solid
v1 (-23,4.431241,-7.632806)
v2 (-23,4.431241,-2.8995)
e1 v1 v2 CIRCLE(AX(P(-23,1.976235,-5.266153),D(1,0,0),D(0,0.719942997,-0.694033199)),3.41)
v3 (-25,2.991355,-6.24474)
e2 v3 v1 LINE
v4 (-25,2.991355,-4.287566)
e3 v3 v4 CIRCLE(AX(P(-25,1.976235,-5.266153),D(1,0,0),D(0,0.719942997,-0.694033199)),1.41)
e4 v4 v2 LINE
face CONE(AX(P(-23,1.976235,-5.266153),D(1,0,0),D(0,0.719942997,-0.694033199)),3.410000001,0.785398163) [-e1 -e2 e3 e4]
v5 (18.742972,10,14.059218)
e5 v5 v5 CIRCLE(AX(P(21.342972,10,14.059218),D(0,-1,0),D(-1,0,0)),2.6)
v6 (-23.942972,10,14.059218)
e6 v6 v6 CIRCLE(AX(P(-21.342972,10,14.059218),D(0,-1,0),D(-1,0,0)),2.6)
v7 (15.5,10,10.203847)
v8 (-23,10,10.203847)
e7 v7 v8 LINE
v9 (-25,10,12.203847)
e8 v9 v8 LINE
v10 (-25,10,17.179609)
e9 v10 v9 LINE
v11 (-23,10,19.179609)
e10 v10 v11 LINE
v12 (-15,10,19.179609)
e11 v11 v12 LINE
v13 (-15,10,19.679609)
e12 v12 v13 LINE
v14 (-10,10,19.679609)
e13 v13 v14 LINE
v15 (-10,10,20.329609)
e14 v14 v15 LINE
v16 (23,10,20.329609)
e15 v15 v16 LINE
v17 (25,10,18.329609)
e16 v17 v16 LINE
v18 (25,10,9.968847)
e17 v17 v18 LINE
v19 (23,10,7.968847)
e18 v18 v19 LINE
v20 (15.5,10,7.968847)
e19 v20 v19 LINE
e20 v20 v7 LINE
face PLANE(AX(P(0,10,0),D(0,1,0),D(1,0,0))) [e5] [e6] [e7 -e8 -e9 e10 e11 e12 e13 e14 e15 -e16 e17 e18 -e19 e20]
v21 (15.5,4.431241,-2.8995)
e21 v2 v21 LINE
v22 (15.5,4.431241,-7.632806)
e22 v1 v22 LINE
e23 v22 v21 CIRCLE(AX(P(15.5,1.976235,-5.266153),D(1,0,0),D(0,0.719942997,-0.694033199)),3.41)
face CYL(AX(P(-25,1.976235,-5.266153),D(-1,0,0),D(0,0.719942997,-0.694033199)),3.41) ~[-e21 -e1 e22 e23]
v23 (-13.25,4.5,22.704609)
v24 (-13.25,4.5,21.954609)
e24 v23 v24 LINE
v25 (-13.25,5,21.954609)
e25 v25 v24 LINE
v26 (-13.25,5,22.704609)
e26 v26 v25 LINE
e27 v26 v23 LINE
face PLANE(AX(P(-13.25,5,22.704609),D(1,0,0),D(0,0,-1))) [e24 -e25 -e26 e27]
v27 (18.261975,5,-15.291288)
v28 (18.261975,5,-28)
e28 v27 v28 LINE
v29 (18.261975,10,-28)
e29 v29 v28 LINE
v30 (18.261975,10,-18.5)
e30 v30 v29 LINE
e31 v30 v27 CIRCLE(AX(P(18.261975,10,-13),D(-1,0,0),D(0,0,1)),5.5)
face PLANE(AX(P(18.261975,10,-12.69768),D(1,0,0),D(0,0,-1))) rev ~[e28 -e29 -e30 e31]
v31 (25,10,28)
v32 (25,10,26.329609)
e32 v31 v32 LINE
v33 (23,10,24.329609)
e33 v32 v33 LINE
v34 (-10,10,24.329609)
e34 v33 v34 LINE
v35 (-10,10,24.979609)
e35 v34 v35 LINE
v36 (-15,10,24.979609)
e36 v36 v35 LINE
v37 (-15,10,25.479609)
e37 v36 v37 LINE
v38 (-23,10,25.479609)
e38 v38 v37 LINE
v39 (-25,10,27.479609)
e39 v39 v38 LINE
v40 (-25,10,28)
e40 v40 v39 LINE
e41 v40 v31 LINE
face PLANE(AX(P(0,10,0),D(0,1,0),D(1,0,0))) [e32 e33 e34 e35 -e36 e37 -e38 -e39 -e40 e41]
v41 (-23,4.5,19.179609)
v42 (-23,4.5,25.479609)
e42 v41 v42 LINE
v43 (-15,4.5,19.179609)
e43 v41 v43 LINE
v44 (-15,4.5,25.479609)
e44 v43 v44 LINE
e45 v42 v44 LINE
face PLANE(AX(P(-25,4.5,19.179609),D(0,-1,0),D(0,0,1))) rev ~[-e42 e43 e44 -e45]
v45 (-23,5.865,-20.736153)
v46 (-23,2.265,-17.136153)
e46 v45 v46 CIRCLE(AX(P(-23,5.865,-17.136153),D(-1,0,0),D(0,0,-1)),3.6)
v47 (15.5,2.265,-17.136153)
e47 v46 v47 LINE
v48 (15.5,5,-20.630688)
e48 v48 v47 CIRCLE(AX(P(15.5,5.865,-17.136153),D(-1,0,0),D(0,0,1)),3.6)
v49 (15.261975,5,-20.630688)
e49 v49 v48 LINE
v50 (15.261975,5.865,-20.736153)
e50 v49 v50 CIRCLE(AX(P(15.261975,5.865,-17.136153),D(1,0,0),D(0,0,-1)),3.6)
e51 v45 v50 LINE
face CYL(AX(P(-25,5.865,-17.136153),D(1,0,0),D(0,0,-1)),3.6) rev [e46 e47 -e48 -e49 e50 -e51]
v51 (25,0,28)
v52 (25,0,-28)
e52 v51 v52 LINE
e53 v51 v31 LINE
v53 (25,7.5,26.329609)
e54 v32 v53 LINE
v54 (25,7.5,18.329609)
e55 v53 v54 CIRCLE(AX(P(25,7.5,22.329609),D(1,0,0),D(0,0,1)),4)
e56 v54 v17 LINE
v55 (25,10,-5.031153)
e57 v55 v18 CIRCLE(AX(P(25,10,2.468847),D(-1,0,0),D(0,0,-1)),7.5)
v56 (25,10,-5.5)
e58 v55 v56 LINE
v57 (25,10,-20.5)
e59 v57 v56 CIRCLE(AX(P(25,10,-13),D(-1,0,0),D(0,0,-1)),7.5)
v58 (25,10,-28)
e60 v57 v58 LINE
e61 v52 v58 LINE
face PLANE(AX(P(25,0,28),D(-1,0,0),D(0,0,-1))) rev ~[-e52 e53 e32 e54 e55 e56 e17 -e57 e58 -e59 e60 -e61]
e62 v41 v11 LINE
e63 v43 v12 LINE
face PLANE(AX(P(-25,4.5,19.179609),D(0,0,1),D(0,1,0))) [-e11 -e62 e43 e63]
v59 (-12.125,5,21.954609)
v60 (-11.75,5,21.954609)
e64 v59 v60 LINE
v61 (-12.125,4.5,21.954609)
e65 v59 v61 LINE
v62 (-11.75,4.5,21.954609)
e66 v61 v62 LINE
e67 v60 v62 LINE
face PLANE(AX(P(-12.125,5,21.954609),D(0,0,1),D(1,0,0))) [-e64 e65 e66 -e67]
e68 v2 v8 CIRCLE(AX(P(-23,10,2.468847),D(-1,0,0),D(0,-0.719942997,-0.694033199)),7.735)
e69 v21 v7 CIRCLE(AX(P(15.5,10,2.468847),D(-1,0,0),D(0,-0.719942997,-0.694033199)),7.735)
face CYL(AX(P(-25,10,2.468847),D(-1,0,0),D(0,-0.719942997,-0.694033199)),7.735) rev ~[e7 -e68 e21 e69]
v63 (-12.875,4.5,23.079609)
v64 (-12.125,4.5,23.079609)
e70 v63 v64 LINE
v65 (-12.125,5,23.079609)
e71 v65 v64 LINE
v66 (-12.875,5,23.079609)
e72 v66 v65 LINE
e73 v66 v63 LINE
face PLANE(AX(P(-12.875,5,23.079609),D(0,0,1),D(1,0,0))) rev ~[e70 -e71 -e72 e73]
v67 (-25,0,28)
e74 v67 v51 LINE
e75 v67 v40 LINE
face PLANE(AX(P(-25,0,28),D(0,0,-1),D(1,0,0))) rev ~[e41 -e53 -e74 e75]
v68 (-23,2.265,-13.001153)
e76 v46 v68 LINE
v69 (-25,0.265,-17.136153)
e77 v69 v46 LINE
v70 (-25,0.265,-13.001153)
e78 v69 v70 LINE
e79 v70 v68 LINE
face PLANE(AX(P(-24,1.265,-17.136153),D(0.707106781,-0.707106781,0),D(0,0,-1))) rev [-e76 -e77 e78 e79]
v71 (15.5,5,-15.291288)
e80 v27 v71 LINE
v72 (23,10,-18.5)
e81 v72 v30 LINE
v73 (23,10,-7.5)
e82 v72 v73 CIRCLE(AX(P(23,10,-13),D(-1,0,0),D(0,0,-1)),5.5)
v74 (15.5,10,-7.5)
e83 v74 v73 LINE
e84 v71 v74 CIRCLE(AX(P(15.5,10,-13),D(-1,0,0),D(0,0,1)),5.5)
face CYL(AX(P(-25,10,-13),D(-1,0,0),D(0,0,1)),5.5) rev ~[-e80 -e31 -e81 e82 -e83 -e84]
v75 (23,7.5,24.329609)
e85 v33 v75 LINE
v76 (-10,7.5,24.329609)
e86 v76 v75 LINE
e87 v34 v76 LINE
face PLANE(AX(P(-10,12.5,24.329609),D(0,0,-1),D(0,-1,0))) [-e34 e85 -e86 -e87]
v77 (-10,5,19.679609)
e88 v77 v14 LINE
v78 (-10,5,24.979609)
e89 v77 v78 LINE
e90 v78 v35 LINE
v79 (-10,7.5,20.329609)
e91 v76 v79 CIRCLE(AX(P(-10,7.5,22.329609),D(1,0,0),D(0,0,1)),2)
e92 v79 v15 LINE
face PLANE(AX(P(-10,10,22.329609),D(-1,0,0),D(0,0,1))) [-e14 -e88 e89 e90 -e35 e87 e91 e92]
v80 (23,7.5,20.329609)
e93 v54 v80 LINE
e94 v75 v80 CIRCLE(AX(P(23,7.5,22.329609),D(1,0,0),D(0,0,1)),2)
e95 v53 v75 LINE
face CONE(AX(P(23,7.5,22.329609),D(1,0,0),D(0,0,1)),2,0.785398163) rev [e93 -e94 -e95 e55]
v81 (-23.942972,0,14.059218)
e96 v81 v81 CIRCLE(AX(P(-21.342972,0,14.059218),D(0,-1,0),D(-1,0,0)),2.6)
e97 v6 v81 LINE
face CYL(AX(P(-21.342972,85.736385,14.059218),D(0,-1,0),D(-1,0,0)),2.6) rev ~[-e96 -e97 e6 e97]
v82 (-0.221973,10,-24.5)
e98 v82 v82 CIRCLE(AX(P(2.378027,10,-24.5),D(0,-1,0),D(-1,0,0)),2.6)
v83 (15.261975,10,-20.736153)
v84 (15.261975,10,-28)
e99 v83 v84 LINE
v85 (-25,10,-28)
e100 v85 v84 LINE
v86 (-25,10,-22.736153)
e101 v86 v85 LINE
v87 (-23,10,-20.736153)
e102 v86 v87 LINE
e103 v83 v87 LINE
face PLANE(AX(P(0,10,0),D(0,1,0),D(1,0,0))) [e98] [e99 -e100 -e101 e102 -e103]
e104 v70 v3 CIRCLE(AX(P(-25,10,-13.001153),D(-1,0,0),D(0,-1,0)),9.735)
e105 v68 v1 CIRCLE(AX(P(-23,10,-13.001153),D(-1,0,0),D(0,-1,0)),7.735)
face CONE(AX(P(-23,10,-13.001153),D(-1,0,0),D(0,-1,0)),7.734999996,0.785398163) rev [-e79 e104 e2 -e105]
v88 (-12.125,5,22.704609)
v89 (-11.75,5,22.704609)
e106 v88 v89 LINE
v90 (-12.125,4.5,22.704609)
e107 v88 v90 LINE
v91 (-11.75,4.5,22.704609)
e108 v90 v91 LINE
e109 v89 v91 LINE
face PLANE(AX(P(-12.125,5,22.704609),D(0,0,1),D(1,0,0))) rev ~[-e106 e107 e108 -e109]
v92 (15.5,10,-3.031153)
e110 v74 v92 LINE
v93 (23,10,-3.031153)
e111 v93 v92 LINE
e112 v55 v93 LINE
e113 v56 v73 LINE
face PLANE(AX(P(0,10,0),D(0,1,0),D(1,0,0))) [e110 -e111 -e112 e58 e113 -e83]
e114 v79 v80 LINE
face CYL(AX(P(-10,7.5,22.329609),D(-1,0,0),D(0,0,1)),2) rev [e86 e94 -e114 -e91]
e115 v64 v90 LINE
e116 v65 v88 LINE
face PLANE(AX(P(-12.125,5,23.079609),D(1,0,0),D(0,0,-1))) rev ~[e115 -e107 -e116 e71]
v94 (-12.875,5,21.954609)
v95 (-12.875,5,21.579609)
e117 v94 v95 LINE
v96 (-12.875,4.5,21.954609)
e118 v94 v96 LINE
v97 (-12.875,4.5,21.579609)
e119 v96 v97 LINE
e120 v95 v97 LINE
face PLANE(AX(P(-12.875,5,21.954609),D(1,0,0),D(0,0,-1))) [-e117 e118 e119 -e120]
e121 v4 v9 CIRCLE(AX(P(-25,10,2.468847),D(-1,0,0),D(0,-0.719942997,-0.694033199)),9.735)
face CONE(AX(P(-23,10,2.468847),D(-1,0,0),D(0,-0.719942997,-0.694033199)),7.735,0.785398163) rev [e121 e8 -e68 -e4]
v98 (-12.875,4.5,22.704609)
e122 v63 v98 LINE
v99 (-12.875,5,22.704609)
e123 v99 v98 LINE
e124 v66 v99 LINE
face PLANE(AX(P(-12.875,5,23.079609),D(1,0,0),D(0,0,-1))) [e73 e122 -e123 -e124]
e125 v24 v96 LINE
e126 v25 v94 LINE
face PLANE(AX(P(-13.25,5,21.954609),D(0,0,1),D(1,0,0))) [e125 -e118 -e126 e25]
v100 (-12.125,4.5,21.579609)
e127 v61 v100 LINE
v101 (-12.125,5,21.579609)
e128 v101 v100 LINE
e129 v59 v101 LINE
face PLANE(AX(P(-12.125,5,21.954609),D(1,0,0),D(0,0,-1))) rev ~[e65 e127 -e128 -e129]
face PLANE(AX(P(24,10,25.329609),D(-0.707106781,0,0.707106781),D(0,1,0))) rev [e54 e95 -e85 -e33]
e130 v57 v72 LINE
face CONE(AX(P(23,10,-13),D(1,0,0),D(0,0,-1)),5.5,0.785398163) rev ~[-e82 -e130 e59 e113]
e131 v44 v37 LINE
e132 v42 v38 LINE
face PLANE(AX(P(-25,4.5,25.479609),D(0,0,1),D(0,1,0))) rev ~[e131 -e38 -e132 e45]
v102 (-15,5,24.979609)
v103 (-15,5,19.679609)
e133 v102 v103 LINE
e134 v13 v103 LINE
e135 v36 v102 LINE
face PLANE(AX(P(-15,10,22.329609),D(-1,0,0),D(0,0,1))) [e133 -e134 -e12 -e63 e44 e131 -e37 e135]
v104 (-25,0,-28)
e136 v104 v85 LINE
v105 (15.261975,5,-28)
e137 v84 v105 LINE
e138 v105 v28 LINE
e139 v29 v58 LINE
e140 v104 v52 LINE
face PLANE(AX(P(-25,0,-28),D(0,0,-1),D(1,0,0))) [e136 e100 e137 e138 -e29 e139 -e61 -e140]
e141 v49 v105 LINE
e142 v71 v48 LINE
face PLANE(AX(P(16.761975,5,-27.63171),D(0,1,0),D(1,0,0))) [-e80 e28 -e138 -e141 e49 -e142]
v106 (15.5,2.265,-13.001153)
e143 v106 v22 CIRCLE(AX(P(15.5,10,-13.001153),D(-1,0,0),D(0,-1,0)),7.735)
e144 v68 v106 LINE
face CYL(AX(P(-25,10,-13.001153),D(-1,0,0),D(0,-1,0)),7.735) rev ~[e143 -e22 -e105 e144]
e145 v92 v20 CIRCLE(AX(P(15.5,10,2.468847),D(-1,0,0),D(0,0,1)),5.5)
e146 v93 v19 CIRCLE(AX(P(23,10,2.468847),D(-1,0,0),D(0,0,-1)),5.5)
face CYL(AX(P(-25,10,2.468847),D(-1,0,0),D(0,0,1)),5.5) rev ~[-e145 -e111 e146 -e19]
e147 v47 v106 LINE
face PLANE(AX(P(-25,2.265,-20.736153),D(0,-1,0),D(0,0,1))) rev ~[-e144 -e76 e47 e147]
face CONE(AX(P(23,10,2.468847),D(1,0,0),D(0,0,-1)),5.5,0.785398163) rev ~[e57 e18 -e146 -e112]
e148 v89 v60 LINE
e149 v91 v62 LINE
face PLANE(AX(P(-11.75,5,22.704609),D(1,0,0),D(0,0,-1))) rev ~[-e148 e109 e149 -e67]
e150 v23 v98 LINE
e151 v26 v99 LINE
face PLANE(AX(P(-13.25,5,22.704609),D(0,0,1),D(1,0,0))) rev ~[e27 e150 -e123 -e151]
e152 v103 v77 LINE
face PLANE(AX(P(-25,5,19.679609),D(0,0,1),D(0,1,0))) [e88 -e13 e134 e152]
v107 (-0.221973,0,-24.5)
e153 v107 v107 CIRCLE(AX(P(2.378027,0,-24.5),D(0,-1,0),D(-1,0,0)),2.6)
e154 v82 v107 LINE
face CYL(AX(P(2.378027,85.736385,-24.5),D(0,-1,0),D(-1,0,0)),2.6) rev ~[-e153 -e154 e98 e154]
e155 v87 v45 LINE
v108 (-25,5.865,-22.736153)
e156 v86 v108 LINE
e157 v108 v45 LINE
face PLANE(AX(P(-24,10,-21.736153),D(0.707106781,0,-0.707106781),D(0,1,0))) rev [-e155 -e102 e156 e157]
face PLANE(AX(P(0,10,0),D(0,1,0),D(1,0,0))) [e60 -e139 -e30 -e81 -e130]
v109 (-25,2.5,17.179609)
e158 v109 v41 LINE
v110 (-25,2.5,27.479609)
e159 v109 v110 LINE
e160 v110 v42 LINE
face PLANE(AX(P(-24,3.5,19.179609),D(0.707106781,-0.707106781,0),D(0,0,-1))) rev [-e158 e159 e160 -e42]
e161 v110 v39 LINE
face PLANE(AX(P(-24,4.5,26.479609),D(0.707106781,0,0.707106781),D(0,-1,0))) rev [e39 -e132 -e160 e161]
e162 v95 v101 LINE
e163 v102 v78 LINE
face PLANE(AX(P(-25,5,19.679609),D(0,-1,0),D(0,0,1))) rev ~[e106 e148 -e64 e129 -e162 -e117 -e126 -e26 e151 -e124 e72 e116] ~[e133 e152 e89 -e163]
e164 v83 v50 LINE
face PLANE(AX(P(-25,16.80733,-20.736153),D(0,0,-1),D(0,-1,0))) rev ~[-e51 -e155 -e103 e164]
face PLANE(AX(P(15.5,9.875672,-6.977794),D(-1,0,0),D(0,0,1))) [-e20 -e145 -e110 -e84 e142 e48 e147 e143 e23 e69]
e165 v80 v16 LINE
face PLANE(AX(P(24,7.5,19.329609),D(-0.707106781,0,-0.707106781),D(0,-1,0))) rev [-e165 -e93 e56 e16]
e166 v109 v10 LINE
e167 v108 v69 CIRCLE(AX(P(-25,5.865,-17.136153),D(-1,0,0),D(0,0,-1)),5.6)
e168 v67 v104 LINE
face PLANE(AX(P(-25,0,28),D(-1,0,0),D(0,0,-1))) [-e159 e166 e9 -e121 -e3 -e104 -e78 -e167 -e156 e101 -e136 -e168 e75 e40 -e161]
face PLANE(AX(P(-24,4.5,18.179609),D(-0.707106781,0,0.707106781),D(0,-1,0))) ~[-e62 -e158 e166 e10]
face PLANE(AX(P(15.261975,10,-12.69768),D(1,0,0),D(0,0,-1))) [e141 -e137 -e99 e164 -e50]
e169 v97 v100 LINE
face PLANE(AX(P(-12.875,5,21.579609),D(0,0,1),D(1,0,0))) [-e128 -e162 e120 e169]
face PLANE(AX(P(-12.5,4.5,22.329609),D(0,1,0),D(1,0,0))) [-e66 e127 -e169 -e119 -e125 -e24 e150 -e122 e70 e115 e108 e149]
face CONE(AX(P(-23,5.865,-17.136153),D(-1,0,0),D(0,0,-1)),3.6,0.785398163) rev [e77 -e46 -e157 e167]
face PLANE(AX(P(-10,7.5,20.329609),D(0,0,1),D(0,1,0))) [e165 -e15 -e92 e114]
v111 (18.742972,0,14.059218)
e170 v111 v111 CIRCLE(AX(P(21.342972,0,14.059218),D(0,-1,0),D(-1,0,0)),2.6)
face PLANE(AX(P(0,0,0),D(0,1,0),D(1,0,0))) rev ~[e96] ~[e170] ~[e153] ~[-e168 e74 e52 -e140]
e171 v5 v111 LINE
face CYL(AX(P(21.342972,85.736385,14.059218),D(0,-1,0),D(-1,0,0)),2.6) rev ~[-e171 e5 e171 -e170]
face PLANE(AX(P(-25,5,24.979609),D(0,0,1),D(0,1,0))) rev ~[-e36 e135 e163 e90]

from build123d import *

# Parameters (mm, degrees)
SKETCH1_W                  = 50
SKETCH1_H                  = 56
BOSS_EXTRUDE1_DEPTH        = 10
SKETCH2_R                  = 5.5
CUT_EXTRUDE1_DEPTH         = 59.172158289
CUT_EXTRUDE2_DEPTH         = 40.5
FILLET1_R                  = 3.6
F_5_2_5_2_DIAMETER_HOLE1_D = 5.2
SKETCH7_W                  = 3
SKETCH7_H                  = 29.868058684
CUT_EXTRUDE3_DEPTH         = 5
SKETCH8_W                  = 5.3
SKETCH8_H                  = 10
CUT_EXTRUDE4_DEPTH         = 15
CUT_EXTRUDE5_DEPTH         = 46.923850013
SKETCH10_W                 = 6.3
SKETCH10_H                 = 11
CUT_EXTRUDE6_DEPTH         = 10
CHAMFER1_SIZE              = 2
CHAMFER2_SIZE              = 2
SKETCH12_W                 = 1.5
SKETCH12_H                 = 0.75
SKETCH12_W_2               = 0.75
SKETCH12_H_2               = 1.5
CUT_EXTRUDE_THIN1_DEPTH    = 0.5


with BuildPart() as part:
    # Sketch1 → Boss-Extrude1 (new body)
    with BuildSketch(Plane(origin=(0, 0, 0), x_dir=(1, 0, 0), z_dir=(0, 1, 0))):
        Rectangle(SKETCH1_W, SKETCH1_H)
    extrude(amount=BOSS_EXTRUDE1_DEPTH)

    # Sketch2 → Cut-Extrude1 (cut, through all)
    with BuildSketch(Plane.ZY.offset(25)):
        with Locations((-13, 10)):
            Circle(SKETCH2_R)
        with Locations((2.468847143, 10)):
            Circle(SKETCH2_R)
    extrude(amount=-CUT_EXTRUDE1_DEPTH, mode=Mode.SUBTRACT)

    # Sketch3 → Cut-Extrude2 (cut)
    with BuildSketch(Plane.ZY.offset(25)):
        with BuildLine():
            Line((-20.736152857, 16.807330276), (-20.736152857, 2.265))
            Line((-20.736152857, 2.265), (-13.001152857, 2.265))
            ThreePointArc((-13.001152857, 2.265), (-10.106686283, 2.826974958), (-7.632806065, 4.431240918))
            ThreePointArc((-7.632806065, 4.431240918), (-5.266152857, 5.386235298), (-2.899499649, 4.431240918))
            ThreePointArc((-2.899499649, 4.431240918), (10.132273811, 8.950182537), (-1.204091668, 16.807330276))
            Line((-1.204091668, 16.807330276), (-20.736152857, 16.807330276))
        make_face()
    extrude(amount=-CUT_EXTRUDE2_DEPTH, mode=Mode.SUBTRACT)

    # Fillet1
    fillet1_edges = [part.edges().sort_by_distance(p)[0] for p in [
        (-4.75, 2.265, -20.736152857),
    ]]
    fillet(fillet1_edges, radius=FILLET1_R)

    # Ø5.2 (5.2) Diameter Hole1 (through all)
    with Locations(Plane(origin=(0, 10, 0), x_dir=(1, 0, 0), z_dir=(0, 1, 0))):
        with Locations((2.378026924, 24.5), (21.342971966, -14.059218087), (-21.342971966, -14.059218087)):
            Hole(F_5_2_5_2_DIAMETER_HOLE1_D / 2)

    # Sketch7 → Cut-Extrude3 (cut)
    with BuildSketch(Plane(origin=(0, 10, 0), x_dir=(1, 0, 0), z_dir=(0, 1, 0))):
        with Locations((16.76197527, 27.631709684)):
            Rectangle(SKETCH7_W, SKETCH7_H)
    extrude(amount=-CUT_EXTRUDE3_DEPTH, mode=Mode.SUBTRACT)

    # Sketch8 → Cut-Extrude4 (cut)
    with BuildSketch(Plane.ZY.offset(25)):
        with Locations((22.329609043, 10)):
            Rectangle(SKETCH8_W, SKETCH8_H)
    extrude(amount=-CUT_EXTRUDE4_DEPTH, mode=Mode.SUBTRACT)

    # Sketch9 → Cut-Extrude5 (cut, through all)
    with BuildSketch(Plane.ZY.offset(10)):
        with BuildLine():
            Line((24.329609043, 12.5), (24.329609043, 7.5))
            ThreePointArc((24.329609043, 7.5), (22.329609043, 5.5), (20.329609043, 7.5))
            Line((20.329609043, 7.5), (20.329609043, 12.5))
            ThreePointArc((20.329609043, 12.5), (22.329609043, 14.5), (24.329609043, 12.5))
        make_face()
    extrude(amount=-CUT_EXTRUDE5_DEPTH, mode=Mode.SUBTRACT)

    # Sketch10 → Cut-Extrude6 (cut)
    with BuildSketch(Plane.ZY.offset(25)):
        with Locations((22.329609043, 10)):
            Rectangle(SKETCH10_W, SKETCH10_H)
    extrude(amount=-CUT_EXTRUDE6_DEPTH, mode=Mode.SUBTRACT)

    # Chamfer1
    chamfer1_edges = [part.edges().sort_by_distance(p)[0] for p in [
        (-25, 7.25, 25.479609043),
        (-25, 7.25, 19.179609043),
        (-25, 4.5, 22.329609043),
        (-25, 7.9325, -20.736152857),
        (-25, 2.826974958, -10.106686283),
        (-25, 5.386235298, -5.266152857),
        (-25, 2.881208409, 5.494244849),
        (-25, 2.265, -15.068652857),
        (-25, 3.319415588, -19.681737269),
    ]]
    chamfer(chamfer1_edges, length=CHAMFER1_SIZE)

    # Chamfer2
    chamfer2_edges = [part.edges().sort_by_distance(p)[0] for p in [
        (25, 8.75, 24.329609043),
        (25, 8.75, 20.329609043),
        (25, 5.5, 22.329609043),
        (25, 4.5, -13),
        (25, 4.5, 2.468847143),
    ]]
    chamfer(chamfer2_edges, length=CHAMFER2_SIZE)

    # Sketch12 → Cut-Extrude-Thin1 (cut)
    with BuildSketch(Plane(origin=(0, 5, 0), x_dir=(1, 0, 0), z_dir=(0, 1, 0))):
        with Locations((-12.5, -22.329609043)):
            Rectangle(SKETCH12_W, SKETCH12_H)
        with Locations((-12.5, -22.329609043)):
            Rectangle(SKETCH12_W_2, SKETCH12_H_2)
    extrude(amount=-CUT_EXTRUDE_THIN1_DEPTH, mode=Mode.SUBTRACT)


solid = part.part
